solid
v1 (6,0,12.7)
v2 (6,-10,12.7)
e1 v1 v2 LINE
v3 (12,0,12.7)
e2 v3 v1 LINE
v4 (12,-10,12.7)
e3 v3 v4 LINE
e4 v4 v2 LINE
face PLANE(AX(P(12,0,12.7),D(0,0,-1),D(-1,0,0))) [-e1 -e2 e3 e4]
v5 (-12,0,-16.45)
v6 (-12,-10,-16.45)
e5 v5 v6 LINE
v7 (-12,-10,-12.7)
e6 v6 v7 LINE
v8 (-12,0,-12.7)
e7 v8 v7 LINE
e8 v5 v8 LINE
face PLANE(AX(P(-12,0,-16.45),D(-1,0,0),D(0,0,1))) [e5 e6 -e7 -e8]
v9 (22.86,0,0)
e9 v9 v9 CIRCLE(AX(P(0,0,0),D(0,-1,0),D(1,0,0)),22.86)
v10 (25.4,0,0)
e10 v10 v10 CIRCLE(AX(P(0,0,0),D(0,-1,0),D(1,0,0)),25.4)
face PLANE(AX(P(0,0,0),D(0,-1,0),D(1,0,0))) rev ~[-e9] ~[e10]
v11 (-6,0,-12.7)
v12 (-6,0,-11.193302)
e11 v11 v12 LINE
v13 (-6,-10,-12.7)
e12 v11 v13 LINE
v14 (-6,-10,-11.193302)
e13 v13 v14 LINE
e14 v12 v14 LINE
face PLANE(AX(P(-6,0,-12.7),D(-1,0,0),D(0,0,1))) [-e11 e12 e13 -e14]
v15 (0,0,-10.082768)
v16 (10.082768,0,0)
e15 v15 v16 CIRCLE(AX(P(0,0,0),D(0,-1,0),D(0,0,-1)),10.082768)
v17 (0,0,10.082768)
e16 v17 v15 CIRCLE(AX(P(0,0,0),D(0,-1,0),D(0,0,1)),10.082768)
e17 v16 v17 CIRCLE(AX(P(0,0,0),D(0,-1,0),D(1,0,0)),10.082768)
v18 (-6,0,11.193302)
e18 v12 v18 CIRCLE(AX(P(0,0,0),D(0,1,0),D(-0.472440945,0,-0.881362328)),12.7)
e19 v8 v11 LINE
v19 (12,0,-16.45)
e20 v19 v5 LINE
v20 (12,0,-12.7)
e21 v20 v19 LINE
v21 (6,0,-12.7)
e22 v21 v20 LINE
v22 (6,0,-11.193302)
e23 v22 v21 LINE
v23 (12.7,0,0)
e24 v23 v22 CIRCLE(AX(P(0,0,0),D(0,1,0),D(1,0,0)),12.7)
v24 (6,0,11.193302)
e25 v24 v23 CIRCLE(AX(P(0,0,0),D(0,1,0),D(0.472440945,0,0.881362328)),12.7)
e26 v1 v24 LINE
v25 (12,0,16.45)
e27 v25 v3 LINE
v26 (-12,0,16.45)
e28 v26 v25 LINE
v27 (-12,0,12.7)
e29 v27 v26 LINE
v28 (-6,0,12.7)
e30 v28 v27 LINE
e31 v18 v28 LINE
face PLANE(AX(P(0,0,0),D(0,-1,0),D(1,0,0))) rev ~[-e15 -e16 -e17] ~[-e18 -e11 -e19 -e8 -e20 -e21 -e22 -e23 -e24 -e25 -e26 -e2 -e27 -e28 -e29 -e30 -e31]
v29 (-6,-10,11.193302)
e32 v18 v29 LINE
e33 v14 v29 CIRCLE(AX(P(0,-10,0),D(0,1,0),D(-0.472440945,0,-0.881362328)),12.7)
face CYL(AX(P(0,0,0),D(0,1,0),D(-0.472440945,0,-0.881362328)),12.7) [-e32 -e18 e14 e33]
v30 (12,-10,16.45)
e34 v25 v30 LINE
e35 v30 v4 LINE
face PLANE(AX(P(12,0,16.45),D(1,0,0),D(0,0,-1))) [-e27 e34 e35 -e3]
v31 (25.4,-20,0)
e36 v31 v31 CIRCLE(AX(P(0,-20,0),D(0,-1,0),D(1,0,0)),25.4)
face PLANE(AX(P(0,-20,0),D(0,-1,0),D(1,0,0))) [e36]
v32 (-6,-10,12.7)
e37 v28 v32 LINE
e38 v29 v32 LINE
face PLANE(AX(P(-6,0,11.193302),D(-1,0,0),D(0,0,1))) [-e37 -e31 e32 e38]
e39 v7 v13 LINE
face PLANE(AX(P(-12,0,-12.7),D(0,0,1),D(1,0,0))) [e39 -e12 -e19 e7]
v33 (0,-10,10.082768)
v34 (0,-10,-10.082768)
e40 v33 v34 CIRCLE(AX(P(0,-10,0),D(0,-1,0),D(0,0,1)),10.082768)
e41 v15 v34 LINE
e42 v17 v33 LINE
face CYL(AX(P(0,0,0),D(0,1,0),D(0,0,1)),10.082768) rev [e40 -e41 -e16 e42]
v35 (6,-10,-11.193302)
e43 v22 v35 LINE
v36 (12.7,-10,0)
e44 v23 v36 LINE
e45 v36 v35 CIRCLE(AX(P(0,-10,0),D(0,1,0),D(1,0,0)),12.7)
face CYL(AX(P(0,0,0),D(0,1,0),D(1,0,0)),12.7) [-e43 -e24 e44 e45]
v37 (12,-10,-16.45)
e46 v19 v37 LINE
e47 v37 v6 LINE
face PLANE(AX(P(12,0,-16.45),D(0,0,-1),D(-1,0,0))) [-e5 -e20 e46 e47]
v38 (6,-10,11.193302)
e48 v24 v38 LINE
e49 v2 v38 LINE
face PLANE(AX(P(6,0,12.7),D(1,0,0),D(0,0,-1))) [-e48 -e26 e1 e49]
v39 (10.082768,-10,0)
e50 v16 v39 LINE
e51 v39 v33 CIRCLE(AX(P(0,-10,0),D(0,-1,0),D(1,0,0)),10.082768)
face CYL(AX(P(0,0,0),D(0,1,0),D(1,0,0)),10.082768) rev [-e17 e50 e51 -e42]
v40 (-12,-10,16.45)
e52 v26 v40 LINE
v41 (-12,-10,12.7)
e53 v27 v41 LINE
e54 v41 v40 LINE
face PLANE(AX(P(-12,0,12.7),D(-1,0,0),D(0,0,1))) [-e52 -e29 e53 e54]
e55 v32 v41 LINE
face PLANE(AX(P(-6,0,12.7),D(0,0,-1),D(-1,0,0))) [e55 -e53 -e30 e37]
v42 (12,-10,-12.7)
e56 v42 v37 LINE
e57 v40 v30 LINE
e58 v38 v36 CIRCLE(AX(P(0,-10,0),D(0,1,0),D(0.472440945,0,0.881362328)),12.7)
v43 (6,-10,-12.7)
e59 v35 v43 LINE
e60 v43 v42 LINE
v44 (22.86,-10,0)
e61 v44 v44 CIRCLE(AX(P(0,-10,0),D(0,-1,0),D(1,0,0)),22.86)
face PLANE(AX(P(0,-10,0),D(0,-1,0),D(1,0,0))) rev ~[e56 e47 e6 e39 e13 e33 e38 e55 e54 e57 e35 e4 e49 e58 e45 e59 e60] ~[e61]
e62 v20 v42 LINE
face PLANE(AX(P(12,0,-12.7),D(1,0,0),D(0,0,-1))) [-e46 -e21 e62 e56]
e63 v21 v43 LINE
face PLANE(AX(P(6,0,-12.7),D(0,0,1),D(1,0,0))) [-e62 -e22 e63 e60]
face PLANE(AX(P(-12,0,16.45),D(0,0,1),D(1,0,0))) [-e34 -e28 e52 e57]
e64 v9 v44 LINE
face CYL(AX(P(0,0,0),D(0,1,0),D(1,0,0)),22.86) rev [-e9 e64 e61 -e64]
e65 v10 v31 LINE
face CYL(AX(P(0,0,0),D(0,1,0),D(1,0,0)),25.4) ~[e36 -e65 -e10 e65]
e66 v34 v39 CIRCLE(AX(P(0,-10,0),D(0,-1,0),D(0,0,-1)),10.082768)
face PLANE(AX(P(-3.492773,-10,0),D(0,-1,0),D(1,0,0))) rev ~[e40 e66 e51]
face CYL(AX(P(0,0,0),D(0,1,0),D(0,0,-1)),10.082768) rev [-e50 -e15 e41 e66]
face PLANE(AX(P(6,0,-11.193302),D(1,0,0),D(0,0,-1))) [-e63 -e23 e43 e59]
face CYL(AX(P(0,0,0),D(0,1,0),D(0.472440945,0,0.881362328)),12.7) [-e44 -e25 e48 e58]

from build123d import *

# Parameters (mm, degrees)
F0_R     = 25.4
F0_R_2   = 22.86
F1_DEPTH = 20
F2_DEPTH = 10


with BuildPart() as f1:
    # F0 (on Front) → F1 (new body)
    with BuildSketch(Plane.XZ):
        Circle(F0_R)
        Circle(F0_R_2, mode=Mode.SUBTRACT)
        Circle(F0_R_2)
        with BuildLine():
            ThreePointArc((6, 11.1933015683), (10.8970179407, 6.5226528345), (12.7, 0))
            ThreePointArc((12.7, 0), (10.8970179407, -6.5226528345), (6, -11.1933015683))
            Line((6, -11.1933015683), (6, -12.7))
            Line((6, -12.7), (12, -12.7))
            Line((12, -12.7), (12, -16.45))
            Line((12, -16.45), (-12, -16.45))
            Line((-12, -16.45), (-12, -12.7))
            Line((-12, -12.7), (-6, -12.7))
            Line((-6, -12.7), (-6, -11.1933015683))
            ThreePointArc((-6, -11.1933015683), (-12.7, 0), (-6, 11.1933015683))
            Line((-6, 11.1933015683), (-6, 12.7))
            Line((-6, 12.7), (-12, 12.7))
            Line((-12, 12.7), (-12, 16.45))
            Line((-12, 16.45), (12, 16.45))
            Line((12, 16.45), (12, 12.7))
            Line((12, 12.7), (6, 12.7))
            Line((6, 12.7), (6, 11.1933015683))
        make_face(mode=Mode.SUBTRACT)
        with BuildLine():
            Line((0, 0), (0, 10.082768018))
            ThreePointArc((0, 10.082768018), (-10.082768018, 0), (0, -10.082768018))
            Line((0, -10.082768018), (0, 0))
        make_face()
        with BuildLine():
            ThreePointArc((10.082768018, 0), (7.1295936387, 7.1295936387), (0, 10.082768018))
            Line((0, 10.082768018), (0, 0))
            Line((0, 0), (0, -10.082768018))
            ThreePointArc((0, -10.082768018), (7.1295936387, -7.1295936387), (10.082768018, 0))
        make_face()
        with BuildLine():
            Line((0, 10.082768018), (0, 12.7))
            ThreePointArc((0, 12.7), (-3.0931432299, 12.3175673312), (-6, 11.1933015683))
            ThreePointArc((-6, 11.1933015683), (-12.7, 0), (-6, -11.1933015683))
            ThreePointArc((-6, -11.1933015683), (-3.0931432299, -12.3175673312), (0, -12.7))
            Line((0, -12.7), (0, -10.082768018))
            ThreePointArc((0, -10.082768018), (-10.082768018, 0), (0, 10.082768018))
        make_face()
        with BuildLine():
            ThreePointArc((6, -11.1933015683), (10.8970179407, -6.5226528345), (12.7, 0))
            ThreePointArc((12.7, 0), (10.8970179407, 6.5226528345), (6, 11.1933015683))
            ThreePointArc((6, 11.1933015683), (3.0931432299, 12.3175673312), (0, 12.7))
            Line((0, 12.7), (0, 10.082768018))
            ThreePointArc((0, 10.082768018), (7.1295936387, 7.1295936387), (10.082768018, 0))
            ThreePointArc((10.082768018, 0), (7.1295936387, -7.1295936387), (0, -10.082768018))
            Line((0, -10.082768018), (0, -12.7))
            ThreePointArc((0, -12.7), (3.0931432299, -12.3175673312), (6, -11.1933015683))
        make_face()
        Polygon((6, -12.7), (0, -12.7), (-6, -12.7), (-12, -12.7), (-12, -16.45), (12, -16.45), (12, -12.7), align=None)
        Polygon((-6, 12.7), (0, 12.7), (6, 12.7), (12, 12.7), (12, 16.45), (-12, 16.45), (-12, 12.7), align=None)
        with BuildLine():
            Line((6, -12.7), (6, -11.1933015683))
            ThreePointArc((6, -11.1933015683), (3.0931432299, -12.3175673312), (0, -12.7))
            Line((0, -12.7), (6, -12.7))
        make_face()
        with BuildLine():
            ThreePointArc((0, 12.7), (3.0931432299, 12.3175673312), (6, 11.1933015683))
            Line((6, 11.1933015683), (6, 12.7))
            Line((6, 12.7), (0, 12.7))
        make_face()
        with BuildLine():
            Line((-6, -12.7), (0, -12.7))
            ThreePointArc((0, -12.7), (-3.0931432299, -12.3175673312), (-6, -11.1933015683))
            Line((-6, -11.1933015683), (-6, -12.7))
        make_face()
        with BuildLine():
            ThreePointArc((-6, 11.1933015683), (-3.0931432299, 12.3175673312), (0, 12.7))
            Line((0, 12.7), (-6, 12.7))
            Line((-6, 12.7), (-6, 11.1933015683))
        make_face()
    extrude(amount=F1_DEPTH)

    # F0 (on Front) → F2 (cut)
    with BuildSketch(Plane.XZ):
        Circle(F0_R_2)
        with BuildLine():
            ThreePointArc((6, 11.1933015683), (10.8970179407, 6.5226528345), (12.7, 0))
            ThreePointArc((12.7, 0), (10.8970179407, -6.5226528345), (6, -11.1933015683))
            Line((6, -11.1933015683), (6, -12.7))
            Line((6, -12.7), (12, -12.7))
            Line((12, -12.7), (12, -16.45))
            Line((12, -16.45), (-12, -16.45))
            Line((-12, -16.45), (-12, -12.7))
            Line((-12, -12.7), (-6, -12.7))
            Line((-6, -12.7), (-6, -11.1933015683))
            ThreePointArc((-6, -11.1933015683), (-12.7, 0), (-6, 11.1933015683))
            Line((-6, 11.1933015683), (-6, 12.7))
            Line((-6, 12.7), (-12, 12.7))
            Line((-12, 12.7), (-12, 16.45))
            Line((-12, 16.45), (12, 16.45))
            Line((12, 16.45), (12, 12.7))
            Line((12, 12.7), (6, 12.7))
            Line((6, 12.7), (6, 11.1933015683))
        make_face(mode=Mode.SUBTRACT)
        with BuildLine():
            Line((0, 0), (0, 10.082768018))
            ThreePointArc((0, 10.082768018), (-10.082768018, 0), (0, -10.082768018))
            Line((0, -10.082768018), (0, 0))
        make_face()
        with BuildLine():
            ThreePointArc((10.082768018, 0), (7.1295936387, 7.1295936387), (0, 10.082768018))
            Line((0, 10.082768018), (0, 0))
            Line((0, 0), (0, -10.082768018))
            ThreePointArc((0, -10.082768018), (7.1295936387, -7.1295936387), (10.082768018, 0))
        make_face()
    extrude(amount=F2_DEPTH, mode=Mode.SUBTRACT)


solid = f1.part
